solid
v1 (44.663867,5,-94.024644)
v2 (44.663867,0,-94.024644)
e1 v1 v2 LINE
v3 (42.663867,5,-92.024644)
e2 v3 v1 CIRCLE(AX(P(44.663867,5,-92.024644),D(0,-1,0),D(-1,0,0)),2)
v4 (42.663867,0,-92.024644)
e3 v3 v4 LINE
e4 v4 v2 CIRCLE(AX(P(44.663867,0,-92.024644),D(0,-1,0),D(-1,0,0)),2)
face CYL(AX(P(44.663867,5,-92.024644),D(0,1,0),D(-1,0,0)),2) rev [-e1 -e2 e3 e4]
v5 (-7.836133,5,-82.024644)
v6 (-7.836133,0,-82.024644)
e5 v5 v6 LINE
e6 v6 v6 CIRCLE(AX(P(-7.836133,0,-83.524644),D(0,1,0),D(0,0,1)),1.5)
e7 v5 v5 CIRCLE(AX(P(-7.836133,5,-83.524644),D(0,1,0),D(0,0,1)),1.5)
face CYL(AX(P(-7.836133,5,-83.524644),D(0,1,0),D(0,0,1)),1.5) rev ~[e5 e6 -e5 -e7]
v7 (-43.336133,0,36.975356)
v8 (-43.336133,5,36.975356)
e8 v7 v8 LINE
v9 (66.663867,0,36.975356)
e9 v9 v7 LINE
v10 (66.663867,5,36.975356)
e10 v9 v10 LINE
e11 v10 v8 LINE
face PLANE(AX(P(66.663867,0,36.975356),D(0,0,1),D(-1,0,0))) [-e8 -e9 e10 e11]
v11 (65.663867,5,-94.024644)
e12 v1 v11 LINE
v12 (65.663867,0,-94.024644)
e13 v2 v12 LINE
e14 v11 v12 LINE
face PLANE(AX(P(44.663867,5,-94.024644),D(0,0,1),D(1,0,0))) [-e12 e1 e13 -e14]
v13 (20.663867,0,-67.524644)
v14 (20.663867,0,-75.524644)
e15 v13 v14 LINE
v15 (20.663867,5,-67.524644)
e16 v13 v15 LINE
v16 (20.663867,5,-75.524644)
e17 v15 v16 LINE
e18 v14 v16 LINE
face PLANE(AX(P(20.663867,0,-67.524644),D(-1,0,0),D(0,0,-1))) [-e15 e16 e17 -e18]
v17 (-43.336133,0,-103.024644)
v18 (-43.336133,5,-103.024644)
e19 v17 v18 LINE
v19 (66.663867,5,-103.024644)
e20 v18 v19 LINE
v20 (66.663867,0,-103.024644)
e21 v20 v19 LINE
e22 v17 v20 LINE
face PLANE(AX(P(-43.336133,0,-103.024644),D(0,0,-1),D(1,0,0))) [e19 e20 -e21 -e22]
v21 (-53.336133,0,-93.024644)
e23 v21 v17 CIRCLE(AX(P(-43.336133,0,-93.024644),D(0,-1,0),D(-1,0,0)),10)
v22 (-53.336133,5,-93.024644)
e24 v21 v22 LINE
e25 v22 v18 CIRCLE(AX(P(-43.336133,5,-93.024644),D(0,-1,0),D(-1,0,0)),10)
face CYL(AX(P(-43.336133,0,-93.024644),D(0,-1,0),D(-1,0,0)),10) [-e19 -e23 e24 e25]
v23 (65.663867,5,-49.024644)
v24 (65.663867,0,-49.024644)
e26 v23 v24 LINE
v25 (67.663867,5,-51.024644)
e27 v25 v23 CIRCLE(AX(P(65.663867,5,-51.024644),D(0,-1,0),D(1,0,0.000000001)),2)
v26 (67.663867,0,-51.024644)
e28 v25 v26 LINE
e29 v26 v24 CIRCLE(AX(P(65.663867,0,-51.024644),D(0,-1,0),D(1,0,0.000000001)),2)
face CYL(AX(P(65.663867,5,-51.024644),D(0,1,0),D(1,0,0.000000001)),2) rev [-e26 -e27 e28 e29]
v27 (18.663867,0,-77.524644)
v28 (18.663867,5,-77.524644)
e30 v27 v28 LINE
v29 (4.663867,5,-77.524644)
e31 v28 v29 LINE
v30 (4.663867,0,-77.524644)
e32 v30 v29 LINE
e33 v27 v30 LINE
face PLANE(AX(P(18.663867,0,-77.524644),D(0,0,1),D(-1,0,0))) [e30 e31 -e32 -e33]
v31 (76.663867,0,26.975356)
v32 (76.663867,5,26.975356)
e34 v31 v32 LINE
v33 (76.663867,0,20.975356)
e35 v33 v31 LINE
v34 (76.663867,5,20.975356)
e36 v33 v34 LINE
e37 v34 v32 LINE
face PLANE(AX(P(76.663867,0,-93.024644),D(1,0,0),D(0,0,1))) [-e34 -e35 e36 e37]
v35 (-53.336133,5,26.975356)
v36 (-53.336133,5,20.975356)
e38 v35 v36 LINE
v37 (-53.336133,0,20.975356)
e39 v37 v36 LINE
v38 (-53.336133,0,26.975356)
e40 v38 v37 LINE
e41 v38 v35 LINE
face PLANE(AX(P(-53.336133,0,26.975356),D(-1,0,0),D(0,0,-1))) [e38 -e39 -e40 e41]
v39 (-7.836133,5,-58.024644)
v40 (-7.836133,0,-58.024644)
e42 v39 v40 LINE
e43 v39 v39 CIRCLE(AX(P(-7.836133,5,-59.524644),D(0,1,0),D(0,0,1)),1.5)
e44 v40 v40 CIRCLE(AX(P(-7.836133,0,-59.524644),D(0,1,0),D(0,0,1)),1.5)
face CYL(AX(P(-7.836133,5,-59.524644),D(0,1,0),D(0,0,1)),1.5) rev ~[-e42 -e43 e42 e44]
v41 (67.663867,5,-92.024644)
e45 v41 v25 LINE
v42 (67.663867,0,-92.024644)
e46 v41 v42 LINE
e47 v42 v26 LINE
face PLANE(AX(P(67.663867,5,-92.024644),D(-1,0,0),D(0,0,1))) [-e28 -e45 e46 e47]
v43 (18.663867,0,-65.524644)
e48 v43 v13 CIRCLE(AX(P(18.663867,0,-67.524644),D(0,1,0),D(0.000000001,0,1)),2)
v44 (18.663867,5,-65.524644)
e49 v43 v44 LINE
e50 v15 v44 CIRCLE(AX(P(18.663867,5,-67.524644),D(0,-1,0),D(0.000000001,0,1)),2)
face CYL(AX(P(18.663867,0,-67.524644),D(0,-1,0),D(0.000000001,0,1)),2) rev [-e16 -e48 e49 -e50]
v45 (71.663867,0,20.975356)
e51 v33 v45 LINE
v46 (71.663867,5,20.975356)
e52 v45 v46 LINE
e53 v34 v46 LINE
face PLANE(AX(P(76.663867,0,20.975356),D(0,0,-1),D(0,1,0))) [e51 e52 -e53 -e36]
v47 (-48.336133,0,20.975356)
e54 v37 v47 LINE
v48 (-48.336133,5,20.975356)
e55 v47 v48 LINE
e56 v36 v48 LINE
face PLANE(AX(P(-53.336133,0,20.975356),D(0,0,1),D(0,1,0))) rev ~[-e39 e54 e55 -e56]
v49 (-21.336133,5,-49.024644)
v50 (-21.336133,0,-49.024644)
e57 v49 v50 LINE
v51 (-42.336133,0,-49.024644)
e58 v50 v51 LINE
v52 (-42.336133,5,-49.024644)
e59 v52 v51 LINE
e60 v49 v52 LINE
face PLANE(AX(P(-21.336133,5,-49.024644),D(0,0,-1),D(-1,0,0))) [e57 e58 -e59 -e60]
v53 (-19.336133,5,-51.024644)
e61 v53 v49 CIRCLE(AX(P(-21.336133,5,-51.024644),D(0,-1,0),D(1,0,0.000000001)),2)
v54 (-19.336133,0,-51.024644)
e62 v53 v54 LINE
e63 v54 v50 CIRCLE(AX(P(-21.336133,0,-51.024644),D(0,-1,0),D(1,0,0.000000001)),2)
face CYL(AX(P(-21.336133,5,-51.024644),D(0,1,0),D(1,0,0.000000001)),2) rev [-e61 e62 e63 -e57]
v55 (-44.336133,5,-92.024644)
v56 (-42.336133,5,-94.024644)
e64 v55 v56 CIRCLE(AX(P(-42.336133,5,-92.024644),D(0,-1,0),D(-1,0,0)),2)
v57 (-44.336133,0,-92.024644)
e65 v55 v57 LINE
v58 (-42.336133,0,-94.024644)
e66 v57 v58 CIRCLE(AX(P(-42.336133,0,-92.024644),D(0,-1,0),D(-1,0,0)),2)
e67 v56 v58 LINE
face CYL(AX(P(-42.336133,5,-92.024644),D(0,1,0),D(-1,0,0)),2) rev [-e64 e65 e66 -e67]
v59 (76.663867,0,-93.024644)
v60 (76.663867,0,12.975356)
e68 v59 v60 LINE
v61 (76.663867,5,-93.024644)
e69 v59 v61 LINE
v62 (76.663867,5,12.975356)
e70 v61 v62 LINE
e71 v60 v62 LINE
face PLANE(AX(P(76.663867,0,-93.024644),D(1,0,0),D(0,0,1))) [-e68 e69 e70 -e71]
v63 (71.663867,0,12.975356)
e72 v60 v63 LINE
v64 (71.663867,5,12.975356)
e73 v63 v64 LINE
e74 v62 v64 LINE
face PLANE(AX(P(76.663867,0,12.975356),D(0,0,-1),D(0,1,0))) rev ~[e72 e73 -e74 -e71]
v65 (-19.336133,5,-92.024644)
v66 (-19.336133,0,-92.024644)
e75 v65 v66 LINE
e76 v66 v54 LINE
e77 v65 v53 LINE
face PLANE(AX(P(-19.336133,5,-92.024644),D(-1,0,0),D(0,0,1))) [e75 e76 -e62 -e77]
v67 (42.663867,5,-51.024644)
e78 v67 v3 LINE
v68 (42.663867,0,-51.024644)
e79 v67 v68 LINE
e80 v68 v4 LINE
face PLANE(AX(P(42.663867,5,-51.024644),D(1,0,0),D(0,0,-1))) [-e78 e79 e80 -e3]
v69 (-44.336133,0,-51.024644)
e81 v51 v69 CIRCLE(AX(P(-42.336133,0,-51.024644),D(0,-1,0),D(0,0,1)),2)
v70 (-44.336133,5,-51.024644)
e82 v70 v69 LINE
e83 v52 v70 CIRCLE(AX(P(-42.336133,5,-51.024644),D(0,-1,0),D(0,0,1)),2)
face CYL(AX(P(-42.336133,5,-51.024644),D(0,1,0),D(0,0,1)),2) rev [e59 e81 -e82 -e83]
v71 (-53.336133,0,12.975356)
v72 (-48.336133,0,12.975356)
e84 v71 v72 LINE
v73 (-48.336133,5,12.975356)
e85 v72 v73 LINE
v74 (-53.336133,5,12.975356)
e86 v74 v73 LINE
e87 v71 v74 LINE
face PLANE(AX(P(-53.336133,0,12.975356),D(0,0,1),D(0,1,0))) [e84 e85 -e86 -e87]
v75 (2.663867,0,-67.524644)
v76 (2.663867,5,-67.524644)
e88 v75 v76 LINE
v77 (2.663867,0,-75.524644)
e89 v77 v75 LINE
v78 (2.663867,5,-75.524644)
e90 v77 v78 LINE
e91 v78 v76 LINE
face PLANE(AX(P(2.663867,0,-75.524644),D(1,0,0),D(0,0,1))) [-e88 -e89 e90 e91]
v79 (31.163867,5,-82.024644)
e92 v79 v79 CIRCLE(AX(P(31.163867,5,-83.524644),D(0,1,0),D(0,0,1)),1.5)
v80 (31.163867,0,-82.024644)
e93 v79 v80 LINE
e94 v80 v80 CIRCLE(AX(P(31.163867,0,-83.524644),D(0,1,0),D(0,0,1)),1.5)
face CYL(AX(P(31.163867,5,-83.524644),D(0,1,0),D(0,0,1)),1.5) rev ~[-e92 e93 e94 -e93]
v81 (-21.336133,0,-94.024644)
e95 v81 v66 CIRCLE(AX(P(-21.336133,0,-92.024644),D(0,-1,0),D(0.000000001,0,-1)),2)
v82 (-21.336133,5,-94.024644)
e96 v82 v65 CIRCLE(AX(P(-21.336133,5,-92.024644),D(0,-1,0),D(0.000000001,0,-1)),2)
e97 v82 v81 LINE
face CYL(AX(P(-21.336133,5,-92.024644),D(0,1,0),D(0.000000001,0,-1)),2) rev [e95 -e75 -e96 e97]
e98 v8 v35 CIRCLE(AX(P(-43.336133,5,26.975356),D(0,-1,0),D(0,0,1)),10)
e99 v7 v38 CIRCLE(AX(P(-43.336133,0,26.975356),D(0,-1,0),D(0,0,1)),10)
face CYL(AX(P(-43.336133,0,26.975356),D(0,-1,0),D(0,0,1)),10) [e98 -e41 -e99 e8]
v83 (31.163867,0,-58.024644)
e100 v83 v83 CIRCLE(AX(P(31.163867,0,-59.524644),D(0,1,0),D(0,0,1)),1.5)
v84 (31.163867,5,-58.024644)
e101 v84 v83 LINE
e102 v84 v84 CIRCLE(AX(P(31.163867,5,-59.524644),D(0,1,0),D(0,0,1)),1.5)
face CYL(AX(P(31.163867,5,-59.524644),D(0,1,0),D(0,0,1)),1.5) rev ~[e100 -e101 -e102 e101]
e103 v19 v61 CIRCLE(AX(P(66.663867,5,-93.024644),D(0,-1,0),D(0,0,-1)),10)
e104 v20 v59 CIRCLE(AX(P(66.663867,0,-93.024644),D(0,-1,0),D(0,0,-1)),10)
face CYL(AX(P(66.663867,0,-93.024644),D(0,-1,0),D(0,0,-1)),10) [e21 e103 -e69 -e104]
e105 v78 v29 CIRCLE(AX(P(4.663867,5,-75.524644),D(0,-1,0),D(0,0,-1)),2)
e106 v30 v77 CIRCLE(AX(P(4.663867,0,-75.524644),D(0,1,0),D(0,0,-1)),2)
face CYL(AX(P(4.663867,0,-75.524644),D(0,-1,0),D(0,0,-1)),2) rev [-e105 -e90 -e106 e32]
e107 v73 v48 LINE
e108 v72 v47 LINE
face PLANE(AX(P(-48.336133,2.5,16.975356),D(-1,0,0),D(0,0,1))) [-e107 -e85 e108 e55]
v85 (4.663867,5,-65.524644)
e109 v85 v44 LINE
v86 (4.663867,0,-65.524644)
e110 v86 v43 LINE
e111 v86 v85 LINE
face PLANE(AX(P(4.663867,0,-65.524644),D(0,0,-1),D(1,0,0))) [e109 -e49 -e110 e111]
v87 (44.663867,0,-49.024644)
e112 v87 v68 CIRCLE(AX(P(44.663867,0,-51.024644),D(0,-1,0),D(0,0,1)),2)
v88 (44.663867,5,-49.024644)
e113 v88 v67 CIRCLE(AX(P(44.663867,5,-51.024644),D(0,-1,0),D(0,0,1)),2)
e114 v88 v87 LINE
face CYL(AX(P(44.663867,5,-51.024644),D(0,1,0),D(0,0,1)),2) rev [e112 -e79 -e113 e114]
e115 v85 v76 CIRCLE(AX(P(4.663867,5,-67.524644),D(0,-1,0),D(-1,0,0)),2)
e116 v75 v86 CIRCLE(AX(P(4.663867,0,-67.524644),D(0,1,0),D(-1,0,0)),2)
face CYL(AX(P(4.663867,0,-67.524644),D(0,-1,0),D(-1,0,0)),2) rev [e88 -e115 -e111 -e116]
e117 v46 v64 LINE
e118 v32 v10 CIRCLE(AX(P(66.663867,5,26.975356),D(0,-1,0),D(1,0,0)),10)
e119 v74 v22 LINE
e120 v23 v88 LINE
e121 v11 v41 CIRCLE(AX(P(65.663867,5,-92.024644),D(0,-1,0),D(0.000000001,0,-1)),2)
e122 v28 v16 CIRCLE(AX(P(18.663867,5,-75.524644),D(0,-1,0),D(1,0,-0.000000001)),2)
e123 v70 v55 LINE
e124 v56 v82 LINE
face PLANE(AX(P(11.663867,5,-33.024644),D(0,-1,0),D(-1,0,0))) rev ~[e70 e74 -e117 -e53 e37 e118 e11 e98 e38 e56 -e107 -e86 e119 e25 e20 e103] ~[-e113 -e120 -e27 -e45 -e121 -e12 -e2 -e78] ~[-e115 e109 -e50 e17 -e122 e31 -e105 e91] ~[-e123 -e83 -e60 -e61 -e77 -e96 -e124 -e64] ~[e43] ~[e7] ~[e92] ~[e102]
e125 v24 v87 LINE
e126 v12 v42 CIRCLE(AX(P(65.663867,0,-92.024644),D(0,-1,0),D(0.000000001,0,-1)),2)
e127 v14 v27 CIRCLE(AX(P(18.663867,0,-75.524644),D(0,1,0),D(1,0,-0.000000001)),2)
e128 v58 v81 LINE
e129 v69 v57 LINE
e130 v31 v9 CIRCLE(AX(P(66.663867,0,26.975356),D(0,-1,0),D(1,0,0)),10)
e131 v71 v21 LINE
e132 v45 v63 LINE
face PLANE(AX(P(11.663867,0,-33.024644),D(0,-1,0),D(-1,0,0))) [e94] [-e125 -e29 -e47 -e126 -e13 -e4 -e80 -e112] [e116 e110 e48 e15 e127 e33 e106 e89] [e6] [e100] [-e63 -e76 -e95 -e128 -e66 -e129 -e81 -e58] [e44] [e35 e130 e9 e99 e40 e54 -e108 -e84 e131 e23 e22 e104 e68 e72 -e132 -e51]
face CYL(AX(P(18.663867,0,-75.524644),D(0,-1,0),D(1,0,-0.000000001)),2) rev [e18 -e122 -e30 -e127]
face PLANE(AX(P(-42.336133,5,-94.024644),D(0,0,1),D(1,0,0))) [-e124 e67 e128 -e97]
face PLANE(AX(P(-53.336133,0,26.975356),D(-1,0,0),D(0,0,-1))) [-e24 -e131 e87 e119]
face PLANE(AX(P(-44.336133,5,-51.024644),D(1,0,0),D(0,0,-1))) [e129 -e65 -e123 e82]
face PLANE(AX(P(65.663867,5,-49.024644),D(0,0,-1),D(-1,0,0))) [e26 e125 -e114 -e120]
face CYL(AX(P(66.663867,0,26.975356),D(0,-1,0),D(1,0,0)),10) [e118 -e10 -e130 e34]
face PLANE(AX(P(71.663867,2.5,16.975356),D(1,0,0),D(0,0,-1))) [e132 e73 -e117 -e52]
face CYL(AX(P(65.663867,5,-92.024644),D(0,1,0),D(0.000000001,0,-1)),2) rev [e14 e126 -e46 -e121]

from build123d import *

# Parameters (mm, degrees)
RESSALTO_EXTRUS_O1_DEPTH = 5
CORTE_EXTRUS_O1_DEPTH    = 5
ESBO_O4_R                = 1.5
CORTE_EXTRUS_O2_DEPTH    = 10
ESBO_O6_W                = 8
ESBO_O6_H                = 5
CORTE_EXTRUS_O3_DEPTH    = 5
CORTE_EXTRUS_O4_DEPTH    = 10
ESBO_O9_W                = 8
ESBO_O9_H                = 5
CORTE_EXTRUS_O5_DEPTH    = 5


with BuildPart() as part:
    # Esboço1 → Ressalto-extrusão1 (new body)
    with BuildSketch(Plane(origin=(0, 0, 0), x_dir=(1, 0, 0), z_dir=(0, 1, 0))):
        with BuildLine():
            Line((-43.336132643, 103.024644241), (66.663867357, 103.024644241))
            ThreePointArc((66.663867357, 103.024644241), (73.734935168, 100.095712053), (76.663867357, 93.024644241))
            Line((76.663867357, 93.024644241), (76.663867357, -26.975355759))
            ThreePointArc((76.663867357, -26.975355759), (73.734935168, -34.046423571), (66.663867357, -36.975355759))
            Line((66.663867357, -36.975355759), (-43.336132643, -36.975355759))
            ThreePointArc((-43.336132643, -36.975355759), (-50.407200455, -34.046423571), (-53.336132643, -26.975355759))
            Line((-53.336132643, -26.975355759), (-53.336132643, 93.024644241))
            ThreePointArc((-53.336132643, 93.024644241), (-50.407200455, 100.095712053), (-43.336132643, 103.024644241))
        make_face()
    extrude(amount=RESSALTO_EXTRUS_O1_DEPTH)

    # Esboço2 → Corte-extrusão1 (cut)
    with BuildSketch(Plane(origin=(0, 5, 0), x_dir=(1, 0, 0), z_dir=(0, 1, 0))):
        with BuildLine():
            Line((-42.336132643, 94.024644241), (-21.336132643, 94.024644241))
            ThreePointArc((-21.336132643, 94.024644241), (-19.921919081, 93.438857803), (-19.336132643, 92.024644241))
            Line((-19.336132643, 92.024644241), (-19.336132643, 51.024644241))
            ThreePointArc((-19.336132643, 51.024644241), (-19.921919081, 49.610430679), (-21.336132643, 49.024644241))
            Line((-21.336132643, 49.024644241), (-42.336132643, 49.024644241))
            ThreePointArc((-42.336132643, 49.024644241), (-43.750346206, 49.610430679), (-44.336132643, 51.024644241))
            Line((-44.336132643, 51.024644241), (-44.336132643, 92.024644241))
            ThreePointArc((-44.336132643, 92.024644241), (-43.750346206, 93.438857803), (-42.336132643, 94.024644241))
        make_face()
        with BuildLine():
            Line((44.663867357, 94.024644241), (65.663867357, 94.024644241))
            ThreePointArc((65.663867357, 94.024644241), (67.078080919, 93.438857803), (67.663867357, 92.024644241))
            Line((67.663867357, 92.024644241), (67.663867357, 51.024644241))
            ThreePointArc((67.663867357, 51.024644241), (67.078080919, 49.610430679), (65.663867357, 49.024644241))
            Line((65.663867357, 49.024644241), (44.663867357, 49.024644241))
            ThreePointArc((44.663867357, 49.024644241), (43.249653794, 49.610430679), (42.663867357, 51.024644241))
            Line((42.663867357, 51.024644241), (42.663867357, 92.024644241))
            ThreePointArc((42.663867357, 92.024644241), (43.249653794, 93.438857803), (44.663867357, 94.024644241))
        make_face()
    extrude(amount=-CORTE_EXTRUS_O1_DEPTH, mode=Mode.SUBTRACT)

    # Esboço4 → Corte-extrusão2 (cut)
    with BuildSketch(Plane(origin=(0, 5, 0), x_dir=(1, 0, 0), z_dir=(0, 1, 0))):
        with Locations(Location((-7.836132643, 59.524644241, 0), (0, 0, 270))):
            Circle(ESBO_O4_R)
        with Locations(Location((31.163867357, 59.524644241, 0), (0, 0, 270))):
            Circle(ESBO_O4_R)
        with Locations(Location((-7.836132643, 83.524644241, 0), (0, 0, 270))):
            Circle(ESBO_O4_R)
        with Locations(Location((31.163867357, 83.524644241, 0), (0, 0, 270))):
            Circle(ESBO_O4_R)
    extrude(amount=-CORTE_EXTRUS_O2_DEPTH, mode=Mode.SUBTRACT)

    # Esboço6 → Corte-extrusão3 (cut)
    with BuildSketch(Plane.ZY.offset(53.336132643)):
        with Locations((16.975355759, 2.5)):
            Rectangle(ESBO_O6_W, ESBO_O6_H)
    extrude(amount=-CORTE_EXTRUS_O3_DEPTH, mode=Mode.SUBTRACT)

    # Esboço7 → Corte-extrusão4 (cut)
    with BuildSketch(Plane.XZ):
        with BuildLine():
            Line((18.663867357, -77.524644241), (4.663867357, -77.524644241))
            ThreePointArc((4.663867357, -77.524644241), (3.249653794, -76.938857803), (2.663867357, -75.524644241))
            Line((2.663867357, -75.524644241), (2.663867357, -67.524644241))
            ThreePointArc((2.663867357, -67.524644241), (3.249653794, -66.110430679), (4.663867357, -65.524644241))
            Line((4.663867357, -65.524644241), (18.663867357, -65.524644241))
            ThreePointArc((18.663867357, -65.524644241), (20.078080919, -66.110430679), (20.663867357, -67.524644241))
            Line((20.663867357, -67.524644241), (20.663867357, -75.524644241))
            ThreePointArc((20.663867357, -75.524644241), (20.078080919, -76.938857803), (18.663867357, -77.524644241))
        make_face()
    extrude(amount=-CORTE_EXTRUS_O4_DEPTH, mode=Mode.SUBTRACT)

    # Esboço9 → Corte-extrusão5 (cut)
    with BuildSketch(Plane(origin=(76.663867357, 0, 0), x_dir=(0, 0, -1), z_dir=(1, 0, 0))):
        with Locations((-16.975355759, 2.5)):
            Rectangle(ESBO_O9_W, ESBO_O9_H)
    extrude(amount=-CORTE_EXTRUS_O5_DEPTH, mode=Mode.SUBTRACT)


solid = part.part
